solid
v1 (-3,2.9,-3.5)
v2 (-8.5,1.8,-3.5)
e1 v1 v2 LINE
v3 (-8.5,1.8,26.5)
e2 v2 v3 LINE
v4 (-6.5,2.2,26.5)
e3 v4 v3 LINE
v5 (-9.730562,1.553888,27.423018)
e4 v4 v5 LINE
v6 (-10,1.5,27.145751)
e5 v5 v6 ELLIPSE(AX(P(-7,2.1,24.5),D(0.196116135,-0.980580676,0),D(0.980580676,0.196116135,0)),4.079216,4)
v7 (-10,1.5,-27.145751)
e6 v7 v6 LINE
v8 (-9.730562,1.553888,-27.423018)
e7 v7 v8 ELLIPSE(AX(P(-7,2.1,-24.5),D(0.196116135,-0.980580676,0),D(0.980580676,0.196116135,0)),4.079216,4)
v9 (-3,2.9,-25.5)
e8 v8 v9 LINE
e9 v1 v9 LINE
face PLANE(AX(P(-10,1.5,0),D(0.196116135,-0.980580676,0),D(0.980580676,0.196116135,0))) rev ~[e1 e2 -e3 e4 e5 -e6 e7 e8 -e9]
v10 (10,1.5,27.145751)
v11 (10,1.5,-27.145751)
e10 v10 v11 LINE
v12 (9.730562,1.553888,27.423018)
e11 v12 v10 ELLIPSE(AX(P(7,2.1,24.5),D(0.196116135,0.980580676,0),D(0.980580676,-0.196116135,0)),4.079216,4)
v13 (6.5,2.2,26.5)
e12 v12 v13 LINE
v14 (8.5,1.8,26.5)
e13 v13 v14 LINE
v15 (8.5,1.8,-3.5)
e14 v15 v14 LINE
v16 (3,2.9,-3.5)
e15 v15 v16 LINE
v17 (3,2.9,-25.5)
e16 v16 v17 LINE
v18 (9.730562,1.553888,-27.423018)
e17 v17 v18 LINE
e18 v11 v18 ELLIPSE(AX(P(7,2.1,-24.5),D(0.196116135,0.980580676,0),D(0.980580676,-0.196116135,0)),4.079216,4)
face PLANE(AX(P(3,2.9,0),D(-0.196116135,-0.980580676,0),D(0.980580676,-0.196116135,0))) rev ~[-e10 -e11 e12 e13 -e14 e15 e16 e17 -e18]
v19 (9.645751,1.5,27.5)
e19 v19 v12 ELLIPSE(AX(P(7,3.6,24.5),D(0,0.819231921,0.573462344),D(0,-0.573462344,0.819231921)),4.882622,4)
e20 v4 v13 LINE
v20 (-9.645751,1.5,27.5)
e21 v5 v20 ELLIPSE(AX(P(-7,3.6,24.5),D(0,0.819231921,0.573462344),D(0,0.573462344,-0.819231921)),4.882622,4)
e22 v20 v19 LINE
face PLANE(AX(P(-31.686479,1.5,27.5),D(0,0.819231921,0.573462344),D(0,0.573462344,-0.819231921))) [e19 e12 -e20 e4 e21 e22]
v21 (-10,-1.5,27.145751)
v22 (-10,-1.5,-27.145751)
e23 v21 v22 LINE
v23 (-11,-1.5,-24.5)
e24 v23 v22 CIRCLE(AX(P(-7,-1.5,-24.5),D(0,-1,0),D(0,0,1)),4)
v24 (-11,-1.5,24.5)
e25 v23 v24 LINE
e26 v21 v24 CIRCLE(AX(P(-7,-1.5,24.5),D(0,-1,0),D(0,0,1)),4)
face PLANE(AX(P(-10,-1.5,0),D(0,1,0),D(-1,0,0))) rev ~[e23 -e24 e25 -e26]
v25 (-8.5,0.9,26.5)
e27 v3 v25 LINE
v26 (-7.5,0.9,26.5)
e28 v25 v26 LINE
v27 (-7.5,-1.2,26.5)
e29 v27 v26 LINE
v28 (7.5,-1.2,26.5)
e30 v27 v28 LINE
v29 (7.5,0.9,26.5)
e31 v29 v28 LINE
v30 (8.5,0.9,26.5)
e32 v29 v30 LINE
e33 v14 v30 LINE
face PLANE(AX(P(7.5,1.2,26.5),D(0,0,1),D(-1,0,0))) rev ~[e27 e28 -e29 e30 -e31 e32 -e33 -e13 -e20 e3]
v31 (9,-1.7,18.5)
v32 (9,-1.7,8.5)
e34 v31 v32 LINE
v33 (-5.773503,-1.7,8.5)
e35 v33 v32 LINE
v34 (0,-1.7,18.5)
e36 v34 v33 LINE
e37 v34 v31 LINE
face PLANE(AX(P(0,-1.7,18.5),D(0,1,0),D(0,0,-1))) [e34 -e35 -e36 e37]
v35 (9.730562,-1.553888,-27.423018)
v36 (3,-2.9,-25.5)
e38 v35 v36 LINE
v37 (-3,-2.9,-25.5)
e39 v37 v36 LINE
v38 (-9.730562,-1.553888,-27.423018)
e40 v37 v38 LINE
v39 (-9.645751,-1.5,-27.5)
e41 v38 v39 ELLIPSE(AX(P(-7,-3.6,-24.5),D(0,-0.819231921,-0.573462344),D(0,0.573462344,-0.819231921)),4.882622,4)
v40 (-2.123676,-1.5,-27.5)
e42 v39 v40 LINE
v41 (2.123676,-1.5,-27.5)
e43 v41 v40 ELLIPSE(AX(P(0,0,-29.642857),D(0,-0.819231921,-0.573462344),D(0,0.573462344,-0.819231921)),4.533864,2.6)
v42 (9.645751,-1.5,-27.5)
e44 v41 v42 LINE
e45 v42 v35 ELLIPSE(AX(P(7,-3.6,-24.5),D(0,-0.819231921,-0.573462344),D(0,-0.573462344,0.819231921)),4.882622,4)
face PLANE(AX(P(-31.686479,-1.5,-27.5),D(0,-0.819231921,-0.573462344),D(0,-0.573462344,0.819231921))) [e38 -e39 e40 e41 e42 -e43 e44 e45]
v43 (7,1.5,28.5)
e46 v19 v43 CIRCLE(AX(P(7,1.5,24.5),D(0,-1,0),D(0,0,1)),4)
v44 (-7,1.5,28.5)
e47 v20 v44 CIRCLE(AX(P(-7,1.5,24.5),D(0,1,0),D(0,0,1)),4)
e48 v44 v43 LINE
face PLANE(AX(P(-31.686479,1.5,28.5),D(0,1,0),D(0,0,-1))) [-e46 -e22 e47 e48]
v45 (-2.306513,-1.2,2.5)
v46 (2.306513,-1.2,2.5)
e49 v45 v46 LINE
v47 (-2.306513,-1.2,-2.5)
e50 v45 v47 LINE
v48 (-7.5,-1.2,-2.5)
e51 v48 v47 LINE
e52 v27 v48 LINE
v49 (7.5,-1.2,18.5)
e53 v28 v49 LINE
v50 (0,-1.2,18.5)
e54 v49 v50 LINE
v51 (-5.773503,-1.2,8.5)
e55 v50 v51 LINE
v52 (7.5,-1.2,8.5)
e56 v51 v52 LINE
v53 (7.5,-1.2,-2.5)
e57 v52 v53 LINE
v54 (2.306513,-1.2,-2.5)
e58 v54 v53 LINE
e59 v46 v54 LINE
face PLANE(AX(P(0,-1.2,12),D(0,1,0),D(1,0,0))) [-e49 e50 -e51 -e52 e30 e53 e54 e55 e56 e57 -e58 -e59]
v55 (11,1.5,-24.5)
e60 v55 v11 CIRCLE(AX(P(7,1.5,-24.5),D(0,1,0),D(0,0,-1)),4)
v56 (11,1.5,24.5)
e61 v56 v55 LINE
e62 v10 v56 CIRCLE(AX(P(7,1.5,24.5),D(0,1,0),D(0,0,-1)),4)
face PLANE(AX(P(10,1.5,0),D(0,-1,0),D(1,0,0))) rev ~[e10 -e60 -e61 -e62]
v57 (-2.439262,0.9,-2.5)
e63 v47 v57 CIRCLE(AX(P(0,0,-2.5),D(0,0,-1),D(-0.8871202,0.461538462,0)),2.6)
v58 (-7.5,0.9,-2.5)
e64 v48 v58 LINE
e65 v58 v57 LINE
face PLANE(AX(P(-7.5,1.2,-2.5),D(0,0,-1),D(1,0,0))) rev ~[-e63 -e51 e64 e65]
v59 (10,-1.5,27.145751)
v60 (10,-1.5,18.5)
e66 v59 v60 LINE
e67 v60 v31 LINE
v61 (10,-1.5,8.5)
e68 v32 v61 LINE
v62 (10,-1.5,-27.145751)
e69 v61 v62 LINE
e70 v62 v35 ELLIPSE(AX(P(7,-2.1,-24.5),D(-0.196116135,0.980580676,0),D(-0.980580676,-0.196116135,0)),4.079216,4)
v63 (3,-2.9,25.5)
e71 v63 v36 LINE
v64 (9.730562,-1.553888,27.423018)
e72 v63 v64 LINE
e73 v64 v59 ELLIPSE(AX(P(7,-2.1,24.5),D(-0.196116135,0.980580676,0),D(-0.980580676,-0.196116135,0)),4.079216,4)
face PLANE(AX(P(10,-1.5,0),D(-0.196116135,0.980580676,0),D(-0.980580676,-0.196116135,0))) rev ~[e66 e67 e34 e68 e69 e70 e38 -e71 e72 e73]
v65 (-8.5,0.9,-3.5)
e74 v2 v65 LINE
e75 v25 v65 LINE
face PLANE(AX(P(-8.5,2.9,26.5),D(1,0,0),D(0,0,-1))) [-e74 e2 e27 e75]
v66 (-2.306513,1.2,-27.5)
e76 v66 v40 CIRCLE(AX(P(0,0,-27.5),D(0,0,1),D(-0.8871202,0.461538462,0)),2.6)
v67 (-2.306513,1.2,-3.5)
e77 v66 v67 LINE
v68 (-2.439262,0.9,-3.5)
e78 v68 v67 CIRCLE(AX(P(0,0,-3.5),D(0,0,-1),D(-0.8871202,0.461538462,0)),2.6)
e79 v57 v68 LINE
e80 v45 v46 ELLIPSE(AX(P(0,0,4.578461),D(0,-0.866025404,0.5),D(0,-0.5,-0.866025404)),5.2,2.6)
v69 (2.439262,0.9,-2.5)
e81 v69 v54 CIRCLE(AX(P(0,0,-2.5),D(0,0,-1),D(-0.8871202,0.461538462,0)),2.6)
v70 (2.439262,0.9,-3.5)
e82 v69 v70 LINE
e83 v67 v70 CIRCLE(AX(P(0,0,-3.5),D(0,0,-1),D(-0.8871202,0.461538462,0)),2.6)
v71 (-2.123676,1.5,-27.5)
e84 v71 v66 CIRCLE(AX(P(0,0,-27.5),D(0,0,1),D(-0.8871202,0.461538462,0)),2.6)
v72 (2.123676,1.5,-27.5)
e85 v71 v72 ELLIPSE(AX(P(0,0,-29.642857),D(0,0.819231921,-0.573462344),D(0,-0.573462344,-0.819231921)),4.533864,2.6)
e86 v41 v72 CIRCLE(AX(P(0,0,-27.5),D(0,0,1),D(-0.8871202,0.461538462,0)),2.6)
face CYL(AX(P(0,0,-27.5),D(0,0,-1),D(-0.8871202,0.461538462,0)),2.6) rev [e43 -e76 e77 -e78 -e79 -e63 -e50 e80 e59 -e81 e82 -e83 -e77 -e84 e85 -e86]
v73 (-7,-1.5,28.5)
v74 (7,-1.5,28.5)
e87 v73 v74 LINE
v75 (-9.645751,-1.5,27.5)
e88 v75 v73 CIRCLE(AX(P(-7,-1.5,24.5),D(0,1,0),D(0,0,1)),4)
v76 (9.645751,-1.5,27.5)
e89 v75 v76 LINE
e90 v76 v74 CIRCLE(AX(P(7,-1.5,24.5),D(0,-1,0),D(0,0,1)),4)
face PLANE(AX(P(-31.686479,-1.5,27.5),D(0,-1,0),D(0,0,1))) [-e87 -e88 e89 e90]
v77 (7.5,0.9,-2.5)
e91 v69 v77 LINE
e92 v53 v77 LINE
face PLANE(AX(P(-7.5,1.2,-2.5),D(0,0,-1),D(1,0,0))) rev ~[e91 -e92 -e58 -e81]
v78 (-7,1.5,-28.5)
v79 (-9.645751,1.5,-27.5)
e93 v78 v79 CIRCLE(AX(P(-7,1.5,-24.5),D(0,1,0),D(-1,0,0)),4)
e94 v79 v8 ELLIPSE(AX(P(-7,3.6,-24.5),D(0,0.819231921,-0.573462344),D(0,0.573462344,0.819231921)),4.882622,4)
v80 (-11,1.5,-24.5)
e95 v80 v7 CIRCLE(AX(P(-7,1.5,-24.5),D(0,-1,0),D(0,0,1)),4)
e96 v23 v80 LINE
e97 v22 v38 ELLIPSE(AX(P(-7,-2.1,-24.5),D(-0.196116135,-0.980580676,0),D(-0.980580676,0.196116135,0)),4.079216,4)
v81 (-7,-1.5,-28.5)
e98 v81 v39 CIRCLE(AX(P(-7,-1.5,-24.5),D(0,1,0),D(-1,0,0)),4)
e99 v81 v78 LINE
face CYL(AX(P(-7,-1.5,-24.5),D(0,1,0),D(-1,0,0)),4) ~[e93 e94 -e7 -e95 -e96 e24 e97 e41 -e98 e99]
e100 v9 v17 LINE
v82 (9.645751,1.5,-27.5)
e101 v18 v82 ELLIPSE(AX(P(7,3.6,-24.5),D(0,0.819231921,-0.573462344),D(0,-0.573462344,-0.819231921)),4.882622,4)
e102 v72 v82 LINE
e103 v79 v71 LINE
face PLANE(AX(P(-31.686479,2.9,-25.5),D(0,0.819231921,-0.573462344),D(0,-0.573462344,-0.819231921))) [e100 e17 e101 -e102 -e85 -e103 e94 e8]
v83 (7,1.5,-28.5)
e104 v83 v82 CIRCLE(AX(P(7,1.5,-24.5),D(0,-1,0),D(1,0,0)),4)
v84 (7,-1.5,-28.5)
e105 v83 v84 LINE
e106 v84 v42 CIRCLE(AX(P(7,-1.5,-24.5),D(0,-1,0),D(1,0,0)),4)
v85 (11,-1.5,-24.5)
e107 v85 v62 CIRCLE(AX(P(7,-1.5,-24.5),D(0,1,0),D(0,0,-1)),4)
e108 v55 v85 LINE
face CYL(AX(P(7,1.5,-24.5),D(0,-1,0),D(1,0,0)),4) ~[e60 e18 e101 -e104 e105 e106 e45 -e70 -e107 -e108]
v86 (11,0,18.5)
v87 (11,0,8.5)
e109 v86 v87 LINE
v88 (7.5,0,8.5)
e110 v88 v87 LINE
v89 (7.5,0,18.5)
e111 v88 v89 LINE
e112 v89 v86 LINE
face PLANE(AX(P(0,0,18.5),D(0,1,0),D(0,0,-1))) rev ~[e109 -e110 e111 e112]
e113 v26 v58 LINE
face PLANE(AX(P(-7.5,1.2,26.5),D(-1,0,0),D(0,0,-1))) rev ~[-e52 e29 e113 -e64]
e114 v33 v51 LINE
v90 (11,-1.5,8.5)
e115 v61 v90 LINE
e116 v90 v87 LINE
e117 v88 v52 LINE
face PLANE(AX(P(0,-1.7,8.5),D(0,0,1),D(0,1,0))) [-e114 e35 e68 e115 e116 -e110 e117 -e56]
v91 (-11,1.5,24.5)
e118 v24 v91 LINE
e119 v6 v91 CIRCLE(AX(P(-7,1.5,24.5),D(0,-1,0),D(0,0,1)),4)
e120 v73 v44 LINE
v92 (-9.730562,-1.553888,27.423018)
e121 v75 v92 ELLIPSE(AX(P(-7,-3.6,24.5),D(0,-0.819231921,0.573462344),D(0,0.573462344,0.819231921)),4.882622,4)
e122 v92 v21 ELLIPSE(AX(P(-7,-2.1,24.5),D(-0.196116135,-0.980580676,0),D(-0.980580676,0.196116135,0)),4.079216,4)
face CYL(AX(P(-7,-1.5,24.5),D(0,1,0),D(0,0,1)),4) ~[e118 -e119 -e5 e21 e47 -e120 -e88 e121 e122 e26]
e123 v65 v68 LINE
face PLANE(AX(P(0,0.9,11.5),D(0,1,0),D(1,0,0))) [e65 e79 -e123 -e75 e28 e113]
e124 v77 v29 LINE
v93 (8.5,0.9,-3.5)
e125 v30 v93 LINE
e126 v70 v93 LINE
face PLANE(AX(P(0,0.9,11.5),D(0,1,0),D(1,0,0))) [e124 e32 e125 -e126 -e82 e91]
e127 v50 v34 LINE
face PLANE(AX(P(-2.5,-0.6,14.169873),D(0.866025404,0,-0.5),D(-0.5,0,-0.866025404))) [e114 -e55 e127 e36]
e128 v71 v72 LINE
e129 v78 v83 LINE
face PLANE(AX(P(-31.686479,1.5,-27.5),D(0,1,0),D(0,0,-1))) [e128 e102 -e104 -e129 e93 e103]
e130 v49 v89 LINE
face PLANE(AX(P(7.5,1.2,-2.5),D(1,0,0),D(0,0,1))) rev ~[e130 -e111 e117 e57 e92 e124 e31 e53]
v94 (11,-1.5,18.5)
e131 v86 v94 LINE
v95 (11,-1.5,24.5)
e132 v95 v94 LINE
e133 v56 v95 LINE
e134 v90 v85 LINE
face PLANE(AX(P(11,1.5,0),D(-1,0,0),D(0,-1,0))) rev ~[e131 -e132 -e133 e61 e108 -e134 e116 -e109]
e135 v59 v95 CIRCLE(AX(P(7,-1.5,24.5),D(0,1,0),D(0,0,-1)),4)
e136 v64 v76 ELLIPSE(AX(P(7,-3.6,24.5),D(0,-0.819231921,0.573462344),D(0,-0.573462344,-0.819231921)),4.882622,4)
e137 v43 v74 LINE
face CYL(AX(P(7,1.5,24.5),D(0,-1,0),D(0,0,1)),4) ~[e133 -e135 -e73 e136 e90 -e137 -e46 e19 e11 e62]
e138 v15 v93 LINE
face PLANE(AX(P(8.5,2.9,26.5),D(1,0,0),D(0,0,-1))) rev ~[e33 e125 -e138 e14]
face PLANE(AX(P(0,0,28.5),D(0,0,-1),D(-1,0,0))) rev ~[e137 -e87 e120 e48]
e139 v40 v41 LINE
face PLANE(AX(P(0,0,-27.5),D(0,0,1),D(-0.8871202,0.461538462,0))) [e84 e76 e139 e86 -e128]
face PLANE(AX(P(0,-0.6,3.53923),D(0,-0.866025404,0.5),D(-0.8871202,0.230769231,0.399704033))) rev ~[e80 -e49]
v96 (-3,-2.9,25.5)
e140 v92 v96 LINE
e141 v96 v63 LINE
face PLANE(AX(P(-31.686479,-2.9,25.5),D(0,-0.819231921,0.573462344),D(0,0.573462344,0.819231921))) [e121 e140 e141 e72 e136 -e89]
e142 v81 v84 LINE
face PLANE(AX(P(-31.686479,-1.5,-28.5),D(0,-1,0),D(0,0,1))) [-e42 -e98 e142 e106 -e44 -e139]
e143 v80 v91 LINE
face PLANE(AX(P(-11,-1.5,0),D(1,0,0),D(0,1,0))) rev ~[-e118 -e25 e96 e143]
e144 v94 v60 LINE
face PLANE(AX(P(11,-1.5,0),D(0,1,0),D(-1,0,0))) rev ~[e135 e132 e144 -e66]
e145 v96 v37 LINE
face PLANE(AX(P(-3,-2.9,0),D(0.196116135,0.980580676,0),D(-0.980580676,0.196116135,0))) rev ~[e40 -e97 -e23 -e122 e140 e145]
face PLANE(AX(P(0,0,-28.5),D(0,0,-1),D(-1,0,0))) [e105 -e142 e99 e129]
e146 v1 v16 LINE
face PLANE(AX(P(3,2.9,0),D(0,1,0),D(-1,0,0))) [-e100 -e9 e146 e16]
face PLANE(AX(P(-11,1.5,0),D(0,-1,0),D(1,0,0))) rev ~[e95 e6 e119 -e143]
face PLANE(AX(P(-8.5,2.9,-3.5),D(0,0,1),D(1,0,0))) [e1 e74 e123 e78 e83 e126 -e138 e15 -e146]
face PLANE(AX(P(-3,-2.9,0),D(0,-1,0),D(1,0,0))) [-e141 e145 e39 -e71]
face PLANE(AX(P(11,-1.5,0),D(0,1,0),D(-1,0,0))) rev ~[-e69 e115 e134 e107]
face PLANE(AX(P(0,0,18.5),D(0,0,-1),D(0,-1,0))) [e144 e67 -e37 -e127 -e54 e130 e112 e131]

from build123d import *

# Parameters (mm, degrees)
EXTRUDE_1_DEPTH          = 28.5
FILLET_3_R               = 4
CUT_EXTRUDE_1_DEPTH      = 31.686479107
CUT_EXTRUDE_1_DEPTH_BACK = 31.686479107
SKETCH_4_W               = 15
SKETCH_4_H               = 29
CUT_EXTRUDE_5_DEPTH      = 1.2
CUT_EXTRUDE_6_DEPTH      = 5
CUT_EXTRUDE_6_DEPTH_BACK = 25
SKETCH_5_R               = 2.6
CUT_EXTRUDE_7_DEPTH      = 31.823043328
DRAFT_1_ANGLE            = 60
SKETCH_7_W               = 10
SKETCH_7_H               = 1.2
SKETCH_7_H_2             = 0.5
CUT_EXTRUDE_8_DEPTH      = 31.686479107
DRAFT_3_ANGLE            = 30
SKETCH_8_W               = 17
SKETCH_8_H               = 30
CUT_EXTRUDE_9_DEPTH      = 2


with BuildPart() as part:
    # Эскиз2 → Бобышка-Вытянуть1 (new, symmetric)
    with BuildSketch(Plane.XY):
        Polygon((-10, 1.5), (-3, 2.9), (0, 2.9), (3, 2.9), (10, 1.5), (11, 1.5), (11, -1.5), (10, -1.5), (3, -2.9), (0, -2.9), (-3, -2.9), (-10, -1.5), (-11, -1.5), (-11, 1.5), align=None)
    extrude(amount=EXTRUDE_1_DEPTH, both=True)

    # Скругление3
    fillet_3_edges = [part.edges().sort_by_distance(p)[0] for p in [
        (-11, 0, -28.5),
        (-11, 0, 28.5),
        (11, 0, 28.5),
        (11, 0, -28.5),
    ]]
    fillet(fillet_3_edges, radius=FILLET_3_R)

    # Эскиз3 → Вырез-Вытянуть1 (cut, two sides: drawn at the far end of the back side and taken through both)
    with BuildSketch(Plane(origin=(0, 0, 0), x_dir=(0, 0, -1), z_dir=(1, 0, 0)).offset(-CUT_EXTRUDE_1_DEPTH_BACK)):
        Polygon((28.5, 2.9), (25.5, 2.9), (27.5, 1.5), (28.5, 1.5), align=None)
        Polygon((-27.5, -1.5), (-28.5, -1.5), (-28.5, -2.9), (-25.5, -2.9), align=None)
        Polygon((-25.5, 2.9), (-28.5, 2.9), (-28.5, 1.5), (-27.5, 1.5), align=None)
        Polygon((25.5, -2.9), (28.5, -2.9), (28.5, -1.5), (27.5, -1.5), align=None)
    extrude(amount=CUT_EXTRUDE_1_DEPTH + CUT_EXTRUDE_1_DEPTH_BACK, mode=Mode.SUBTRACT)

    # Эскиз4 → Вырез-Вытянуть5 (cut, symmetric)
    with BuildSketch(Plane(origin=(0, 0, 0), x_dir=(1, 0, 0), z_dir=(0, 1, 0))):
        with Locations((0, -12)):
            Rectangle(SKETCH_4_W, SKETCH_4_H)
    extrude(amount=CUT_EXTRUDE_5_DEPTH, both=True, mode=Mode.SUBTRACT)

    # Эскиз5 → Вырез-Вытянуть6 (cut, two sides: drawn at the far end of the back side and taken through both)
    with BuildSketch(Plane.XY.offset(-2.5).offset(-CUT_EXTRUDE_6_DEPTH_BACK)):
        with Locations(Location((0, 0, 0), (0, 0, 152.51357375))):
            Circle(SKETCH_5_R)
    extrude(amount=CUT_EXTRUDE_6_DEPTH + CUT_EXTRUDE_6_DEPTH_BACK, mode=Mode.SUBTRACT)

    # Эскиз6 → Вырез-Вытянуть7 (cut, through all)
    with BuildSketch(Plane.XZ.offset(-1.2)):
        Polygon((-2.306512519, -2.5), (2.306512519, -2.5), (7.5, -2.5), (7.5, 26.5), (-7.5, 26.5), (-7.5, -2.5), align=None)
    extrude(amount=-CUT_EXTRUDE_7_DEPTH, mode=Mode.SUBTRACT)

    # Уклон1
    draft_1_faces = [part.faces().sort_by_distance(p)[0] for p in [
        (0, -1.775343229, 2.5),
    ]]
    draft(draft_1_faces, Plane.ZX.offset(-1.2), DRAFT_1_ANGLE)

    # Эскиз7 → Вырез-Вытянуть8 (cut, through all)
    with BuildSketch(Plane(origin=(0, 0, 0), x_dir=(0, 0, -1), z_dir=(1, 0, 0))):
        with Locations((-13.5, -0.6)):
            Rectangle(SKETCH_7_W, SKETCH_7_H)
        with Locations((-13.5, -1.45)):
            Rectangle(SKETCH_7_W, SKETCH_7_H_2)
    extrude(amount=CUT_EXTRUDE_8_DEPTH, mode=Mode.SUBTRACT)

    # Уклон3
    draft_3_faces = [part.faces().sort_by_distance(p)[0] for p in [
        (0, -1.45, 13.5),
    ]]
    draft(draft_3_faces, Plane(origin=(11, 0, 18.5), x_dir=(-1, 0, 0), z_dir=(0, 0, -1)), DRAFT_3_ANGLE)

    # Эскиз8 → Вырез-Вытянуть9 (cut)
    with BuildSketch(Plane(origin=(0, 2.9, 0), x_dir=(1, 0, 0), z_dir=(0, 1, 0))):
        with Locations((0, -11.5)):
            Rectangle(SKETCH_8_W, SKETCH_8_H)
    extrude(amount=-CUT_EXTRUDE_9_DEPTH, mode=Mode.SUBTRACT)


solid = part.part
